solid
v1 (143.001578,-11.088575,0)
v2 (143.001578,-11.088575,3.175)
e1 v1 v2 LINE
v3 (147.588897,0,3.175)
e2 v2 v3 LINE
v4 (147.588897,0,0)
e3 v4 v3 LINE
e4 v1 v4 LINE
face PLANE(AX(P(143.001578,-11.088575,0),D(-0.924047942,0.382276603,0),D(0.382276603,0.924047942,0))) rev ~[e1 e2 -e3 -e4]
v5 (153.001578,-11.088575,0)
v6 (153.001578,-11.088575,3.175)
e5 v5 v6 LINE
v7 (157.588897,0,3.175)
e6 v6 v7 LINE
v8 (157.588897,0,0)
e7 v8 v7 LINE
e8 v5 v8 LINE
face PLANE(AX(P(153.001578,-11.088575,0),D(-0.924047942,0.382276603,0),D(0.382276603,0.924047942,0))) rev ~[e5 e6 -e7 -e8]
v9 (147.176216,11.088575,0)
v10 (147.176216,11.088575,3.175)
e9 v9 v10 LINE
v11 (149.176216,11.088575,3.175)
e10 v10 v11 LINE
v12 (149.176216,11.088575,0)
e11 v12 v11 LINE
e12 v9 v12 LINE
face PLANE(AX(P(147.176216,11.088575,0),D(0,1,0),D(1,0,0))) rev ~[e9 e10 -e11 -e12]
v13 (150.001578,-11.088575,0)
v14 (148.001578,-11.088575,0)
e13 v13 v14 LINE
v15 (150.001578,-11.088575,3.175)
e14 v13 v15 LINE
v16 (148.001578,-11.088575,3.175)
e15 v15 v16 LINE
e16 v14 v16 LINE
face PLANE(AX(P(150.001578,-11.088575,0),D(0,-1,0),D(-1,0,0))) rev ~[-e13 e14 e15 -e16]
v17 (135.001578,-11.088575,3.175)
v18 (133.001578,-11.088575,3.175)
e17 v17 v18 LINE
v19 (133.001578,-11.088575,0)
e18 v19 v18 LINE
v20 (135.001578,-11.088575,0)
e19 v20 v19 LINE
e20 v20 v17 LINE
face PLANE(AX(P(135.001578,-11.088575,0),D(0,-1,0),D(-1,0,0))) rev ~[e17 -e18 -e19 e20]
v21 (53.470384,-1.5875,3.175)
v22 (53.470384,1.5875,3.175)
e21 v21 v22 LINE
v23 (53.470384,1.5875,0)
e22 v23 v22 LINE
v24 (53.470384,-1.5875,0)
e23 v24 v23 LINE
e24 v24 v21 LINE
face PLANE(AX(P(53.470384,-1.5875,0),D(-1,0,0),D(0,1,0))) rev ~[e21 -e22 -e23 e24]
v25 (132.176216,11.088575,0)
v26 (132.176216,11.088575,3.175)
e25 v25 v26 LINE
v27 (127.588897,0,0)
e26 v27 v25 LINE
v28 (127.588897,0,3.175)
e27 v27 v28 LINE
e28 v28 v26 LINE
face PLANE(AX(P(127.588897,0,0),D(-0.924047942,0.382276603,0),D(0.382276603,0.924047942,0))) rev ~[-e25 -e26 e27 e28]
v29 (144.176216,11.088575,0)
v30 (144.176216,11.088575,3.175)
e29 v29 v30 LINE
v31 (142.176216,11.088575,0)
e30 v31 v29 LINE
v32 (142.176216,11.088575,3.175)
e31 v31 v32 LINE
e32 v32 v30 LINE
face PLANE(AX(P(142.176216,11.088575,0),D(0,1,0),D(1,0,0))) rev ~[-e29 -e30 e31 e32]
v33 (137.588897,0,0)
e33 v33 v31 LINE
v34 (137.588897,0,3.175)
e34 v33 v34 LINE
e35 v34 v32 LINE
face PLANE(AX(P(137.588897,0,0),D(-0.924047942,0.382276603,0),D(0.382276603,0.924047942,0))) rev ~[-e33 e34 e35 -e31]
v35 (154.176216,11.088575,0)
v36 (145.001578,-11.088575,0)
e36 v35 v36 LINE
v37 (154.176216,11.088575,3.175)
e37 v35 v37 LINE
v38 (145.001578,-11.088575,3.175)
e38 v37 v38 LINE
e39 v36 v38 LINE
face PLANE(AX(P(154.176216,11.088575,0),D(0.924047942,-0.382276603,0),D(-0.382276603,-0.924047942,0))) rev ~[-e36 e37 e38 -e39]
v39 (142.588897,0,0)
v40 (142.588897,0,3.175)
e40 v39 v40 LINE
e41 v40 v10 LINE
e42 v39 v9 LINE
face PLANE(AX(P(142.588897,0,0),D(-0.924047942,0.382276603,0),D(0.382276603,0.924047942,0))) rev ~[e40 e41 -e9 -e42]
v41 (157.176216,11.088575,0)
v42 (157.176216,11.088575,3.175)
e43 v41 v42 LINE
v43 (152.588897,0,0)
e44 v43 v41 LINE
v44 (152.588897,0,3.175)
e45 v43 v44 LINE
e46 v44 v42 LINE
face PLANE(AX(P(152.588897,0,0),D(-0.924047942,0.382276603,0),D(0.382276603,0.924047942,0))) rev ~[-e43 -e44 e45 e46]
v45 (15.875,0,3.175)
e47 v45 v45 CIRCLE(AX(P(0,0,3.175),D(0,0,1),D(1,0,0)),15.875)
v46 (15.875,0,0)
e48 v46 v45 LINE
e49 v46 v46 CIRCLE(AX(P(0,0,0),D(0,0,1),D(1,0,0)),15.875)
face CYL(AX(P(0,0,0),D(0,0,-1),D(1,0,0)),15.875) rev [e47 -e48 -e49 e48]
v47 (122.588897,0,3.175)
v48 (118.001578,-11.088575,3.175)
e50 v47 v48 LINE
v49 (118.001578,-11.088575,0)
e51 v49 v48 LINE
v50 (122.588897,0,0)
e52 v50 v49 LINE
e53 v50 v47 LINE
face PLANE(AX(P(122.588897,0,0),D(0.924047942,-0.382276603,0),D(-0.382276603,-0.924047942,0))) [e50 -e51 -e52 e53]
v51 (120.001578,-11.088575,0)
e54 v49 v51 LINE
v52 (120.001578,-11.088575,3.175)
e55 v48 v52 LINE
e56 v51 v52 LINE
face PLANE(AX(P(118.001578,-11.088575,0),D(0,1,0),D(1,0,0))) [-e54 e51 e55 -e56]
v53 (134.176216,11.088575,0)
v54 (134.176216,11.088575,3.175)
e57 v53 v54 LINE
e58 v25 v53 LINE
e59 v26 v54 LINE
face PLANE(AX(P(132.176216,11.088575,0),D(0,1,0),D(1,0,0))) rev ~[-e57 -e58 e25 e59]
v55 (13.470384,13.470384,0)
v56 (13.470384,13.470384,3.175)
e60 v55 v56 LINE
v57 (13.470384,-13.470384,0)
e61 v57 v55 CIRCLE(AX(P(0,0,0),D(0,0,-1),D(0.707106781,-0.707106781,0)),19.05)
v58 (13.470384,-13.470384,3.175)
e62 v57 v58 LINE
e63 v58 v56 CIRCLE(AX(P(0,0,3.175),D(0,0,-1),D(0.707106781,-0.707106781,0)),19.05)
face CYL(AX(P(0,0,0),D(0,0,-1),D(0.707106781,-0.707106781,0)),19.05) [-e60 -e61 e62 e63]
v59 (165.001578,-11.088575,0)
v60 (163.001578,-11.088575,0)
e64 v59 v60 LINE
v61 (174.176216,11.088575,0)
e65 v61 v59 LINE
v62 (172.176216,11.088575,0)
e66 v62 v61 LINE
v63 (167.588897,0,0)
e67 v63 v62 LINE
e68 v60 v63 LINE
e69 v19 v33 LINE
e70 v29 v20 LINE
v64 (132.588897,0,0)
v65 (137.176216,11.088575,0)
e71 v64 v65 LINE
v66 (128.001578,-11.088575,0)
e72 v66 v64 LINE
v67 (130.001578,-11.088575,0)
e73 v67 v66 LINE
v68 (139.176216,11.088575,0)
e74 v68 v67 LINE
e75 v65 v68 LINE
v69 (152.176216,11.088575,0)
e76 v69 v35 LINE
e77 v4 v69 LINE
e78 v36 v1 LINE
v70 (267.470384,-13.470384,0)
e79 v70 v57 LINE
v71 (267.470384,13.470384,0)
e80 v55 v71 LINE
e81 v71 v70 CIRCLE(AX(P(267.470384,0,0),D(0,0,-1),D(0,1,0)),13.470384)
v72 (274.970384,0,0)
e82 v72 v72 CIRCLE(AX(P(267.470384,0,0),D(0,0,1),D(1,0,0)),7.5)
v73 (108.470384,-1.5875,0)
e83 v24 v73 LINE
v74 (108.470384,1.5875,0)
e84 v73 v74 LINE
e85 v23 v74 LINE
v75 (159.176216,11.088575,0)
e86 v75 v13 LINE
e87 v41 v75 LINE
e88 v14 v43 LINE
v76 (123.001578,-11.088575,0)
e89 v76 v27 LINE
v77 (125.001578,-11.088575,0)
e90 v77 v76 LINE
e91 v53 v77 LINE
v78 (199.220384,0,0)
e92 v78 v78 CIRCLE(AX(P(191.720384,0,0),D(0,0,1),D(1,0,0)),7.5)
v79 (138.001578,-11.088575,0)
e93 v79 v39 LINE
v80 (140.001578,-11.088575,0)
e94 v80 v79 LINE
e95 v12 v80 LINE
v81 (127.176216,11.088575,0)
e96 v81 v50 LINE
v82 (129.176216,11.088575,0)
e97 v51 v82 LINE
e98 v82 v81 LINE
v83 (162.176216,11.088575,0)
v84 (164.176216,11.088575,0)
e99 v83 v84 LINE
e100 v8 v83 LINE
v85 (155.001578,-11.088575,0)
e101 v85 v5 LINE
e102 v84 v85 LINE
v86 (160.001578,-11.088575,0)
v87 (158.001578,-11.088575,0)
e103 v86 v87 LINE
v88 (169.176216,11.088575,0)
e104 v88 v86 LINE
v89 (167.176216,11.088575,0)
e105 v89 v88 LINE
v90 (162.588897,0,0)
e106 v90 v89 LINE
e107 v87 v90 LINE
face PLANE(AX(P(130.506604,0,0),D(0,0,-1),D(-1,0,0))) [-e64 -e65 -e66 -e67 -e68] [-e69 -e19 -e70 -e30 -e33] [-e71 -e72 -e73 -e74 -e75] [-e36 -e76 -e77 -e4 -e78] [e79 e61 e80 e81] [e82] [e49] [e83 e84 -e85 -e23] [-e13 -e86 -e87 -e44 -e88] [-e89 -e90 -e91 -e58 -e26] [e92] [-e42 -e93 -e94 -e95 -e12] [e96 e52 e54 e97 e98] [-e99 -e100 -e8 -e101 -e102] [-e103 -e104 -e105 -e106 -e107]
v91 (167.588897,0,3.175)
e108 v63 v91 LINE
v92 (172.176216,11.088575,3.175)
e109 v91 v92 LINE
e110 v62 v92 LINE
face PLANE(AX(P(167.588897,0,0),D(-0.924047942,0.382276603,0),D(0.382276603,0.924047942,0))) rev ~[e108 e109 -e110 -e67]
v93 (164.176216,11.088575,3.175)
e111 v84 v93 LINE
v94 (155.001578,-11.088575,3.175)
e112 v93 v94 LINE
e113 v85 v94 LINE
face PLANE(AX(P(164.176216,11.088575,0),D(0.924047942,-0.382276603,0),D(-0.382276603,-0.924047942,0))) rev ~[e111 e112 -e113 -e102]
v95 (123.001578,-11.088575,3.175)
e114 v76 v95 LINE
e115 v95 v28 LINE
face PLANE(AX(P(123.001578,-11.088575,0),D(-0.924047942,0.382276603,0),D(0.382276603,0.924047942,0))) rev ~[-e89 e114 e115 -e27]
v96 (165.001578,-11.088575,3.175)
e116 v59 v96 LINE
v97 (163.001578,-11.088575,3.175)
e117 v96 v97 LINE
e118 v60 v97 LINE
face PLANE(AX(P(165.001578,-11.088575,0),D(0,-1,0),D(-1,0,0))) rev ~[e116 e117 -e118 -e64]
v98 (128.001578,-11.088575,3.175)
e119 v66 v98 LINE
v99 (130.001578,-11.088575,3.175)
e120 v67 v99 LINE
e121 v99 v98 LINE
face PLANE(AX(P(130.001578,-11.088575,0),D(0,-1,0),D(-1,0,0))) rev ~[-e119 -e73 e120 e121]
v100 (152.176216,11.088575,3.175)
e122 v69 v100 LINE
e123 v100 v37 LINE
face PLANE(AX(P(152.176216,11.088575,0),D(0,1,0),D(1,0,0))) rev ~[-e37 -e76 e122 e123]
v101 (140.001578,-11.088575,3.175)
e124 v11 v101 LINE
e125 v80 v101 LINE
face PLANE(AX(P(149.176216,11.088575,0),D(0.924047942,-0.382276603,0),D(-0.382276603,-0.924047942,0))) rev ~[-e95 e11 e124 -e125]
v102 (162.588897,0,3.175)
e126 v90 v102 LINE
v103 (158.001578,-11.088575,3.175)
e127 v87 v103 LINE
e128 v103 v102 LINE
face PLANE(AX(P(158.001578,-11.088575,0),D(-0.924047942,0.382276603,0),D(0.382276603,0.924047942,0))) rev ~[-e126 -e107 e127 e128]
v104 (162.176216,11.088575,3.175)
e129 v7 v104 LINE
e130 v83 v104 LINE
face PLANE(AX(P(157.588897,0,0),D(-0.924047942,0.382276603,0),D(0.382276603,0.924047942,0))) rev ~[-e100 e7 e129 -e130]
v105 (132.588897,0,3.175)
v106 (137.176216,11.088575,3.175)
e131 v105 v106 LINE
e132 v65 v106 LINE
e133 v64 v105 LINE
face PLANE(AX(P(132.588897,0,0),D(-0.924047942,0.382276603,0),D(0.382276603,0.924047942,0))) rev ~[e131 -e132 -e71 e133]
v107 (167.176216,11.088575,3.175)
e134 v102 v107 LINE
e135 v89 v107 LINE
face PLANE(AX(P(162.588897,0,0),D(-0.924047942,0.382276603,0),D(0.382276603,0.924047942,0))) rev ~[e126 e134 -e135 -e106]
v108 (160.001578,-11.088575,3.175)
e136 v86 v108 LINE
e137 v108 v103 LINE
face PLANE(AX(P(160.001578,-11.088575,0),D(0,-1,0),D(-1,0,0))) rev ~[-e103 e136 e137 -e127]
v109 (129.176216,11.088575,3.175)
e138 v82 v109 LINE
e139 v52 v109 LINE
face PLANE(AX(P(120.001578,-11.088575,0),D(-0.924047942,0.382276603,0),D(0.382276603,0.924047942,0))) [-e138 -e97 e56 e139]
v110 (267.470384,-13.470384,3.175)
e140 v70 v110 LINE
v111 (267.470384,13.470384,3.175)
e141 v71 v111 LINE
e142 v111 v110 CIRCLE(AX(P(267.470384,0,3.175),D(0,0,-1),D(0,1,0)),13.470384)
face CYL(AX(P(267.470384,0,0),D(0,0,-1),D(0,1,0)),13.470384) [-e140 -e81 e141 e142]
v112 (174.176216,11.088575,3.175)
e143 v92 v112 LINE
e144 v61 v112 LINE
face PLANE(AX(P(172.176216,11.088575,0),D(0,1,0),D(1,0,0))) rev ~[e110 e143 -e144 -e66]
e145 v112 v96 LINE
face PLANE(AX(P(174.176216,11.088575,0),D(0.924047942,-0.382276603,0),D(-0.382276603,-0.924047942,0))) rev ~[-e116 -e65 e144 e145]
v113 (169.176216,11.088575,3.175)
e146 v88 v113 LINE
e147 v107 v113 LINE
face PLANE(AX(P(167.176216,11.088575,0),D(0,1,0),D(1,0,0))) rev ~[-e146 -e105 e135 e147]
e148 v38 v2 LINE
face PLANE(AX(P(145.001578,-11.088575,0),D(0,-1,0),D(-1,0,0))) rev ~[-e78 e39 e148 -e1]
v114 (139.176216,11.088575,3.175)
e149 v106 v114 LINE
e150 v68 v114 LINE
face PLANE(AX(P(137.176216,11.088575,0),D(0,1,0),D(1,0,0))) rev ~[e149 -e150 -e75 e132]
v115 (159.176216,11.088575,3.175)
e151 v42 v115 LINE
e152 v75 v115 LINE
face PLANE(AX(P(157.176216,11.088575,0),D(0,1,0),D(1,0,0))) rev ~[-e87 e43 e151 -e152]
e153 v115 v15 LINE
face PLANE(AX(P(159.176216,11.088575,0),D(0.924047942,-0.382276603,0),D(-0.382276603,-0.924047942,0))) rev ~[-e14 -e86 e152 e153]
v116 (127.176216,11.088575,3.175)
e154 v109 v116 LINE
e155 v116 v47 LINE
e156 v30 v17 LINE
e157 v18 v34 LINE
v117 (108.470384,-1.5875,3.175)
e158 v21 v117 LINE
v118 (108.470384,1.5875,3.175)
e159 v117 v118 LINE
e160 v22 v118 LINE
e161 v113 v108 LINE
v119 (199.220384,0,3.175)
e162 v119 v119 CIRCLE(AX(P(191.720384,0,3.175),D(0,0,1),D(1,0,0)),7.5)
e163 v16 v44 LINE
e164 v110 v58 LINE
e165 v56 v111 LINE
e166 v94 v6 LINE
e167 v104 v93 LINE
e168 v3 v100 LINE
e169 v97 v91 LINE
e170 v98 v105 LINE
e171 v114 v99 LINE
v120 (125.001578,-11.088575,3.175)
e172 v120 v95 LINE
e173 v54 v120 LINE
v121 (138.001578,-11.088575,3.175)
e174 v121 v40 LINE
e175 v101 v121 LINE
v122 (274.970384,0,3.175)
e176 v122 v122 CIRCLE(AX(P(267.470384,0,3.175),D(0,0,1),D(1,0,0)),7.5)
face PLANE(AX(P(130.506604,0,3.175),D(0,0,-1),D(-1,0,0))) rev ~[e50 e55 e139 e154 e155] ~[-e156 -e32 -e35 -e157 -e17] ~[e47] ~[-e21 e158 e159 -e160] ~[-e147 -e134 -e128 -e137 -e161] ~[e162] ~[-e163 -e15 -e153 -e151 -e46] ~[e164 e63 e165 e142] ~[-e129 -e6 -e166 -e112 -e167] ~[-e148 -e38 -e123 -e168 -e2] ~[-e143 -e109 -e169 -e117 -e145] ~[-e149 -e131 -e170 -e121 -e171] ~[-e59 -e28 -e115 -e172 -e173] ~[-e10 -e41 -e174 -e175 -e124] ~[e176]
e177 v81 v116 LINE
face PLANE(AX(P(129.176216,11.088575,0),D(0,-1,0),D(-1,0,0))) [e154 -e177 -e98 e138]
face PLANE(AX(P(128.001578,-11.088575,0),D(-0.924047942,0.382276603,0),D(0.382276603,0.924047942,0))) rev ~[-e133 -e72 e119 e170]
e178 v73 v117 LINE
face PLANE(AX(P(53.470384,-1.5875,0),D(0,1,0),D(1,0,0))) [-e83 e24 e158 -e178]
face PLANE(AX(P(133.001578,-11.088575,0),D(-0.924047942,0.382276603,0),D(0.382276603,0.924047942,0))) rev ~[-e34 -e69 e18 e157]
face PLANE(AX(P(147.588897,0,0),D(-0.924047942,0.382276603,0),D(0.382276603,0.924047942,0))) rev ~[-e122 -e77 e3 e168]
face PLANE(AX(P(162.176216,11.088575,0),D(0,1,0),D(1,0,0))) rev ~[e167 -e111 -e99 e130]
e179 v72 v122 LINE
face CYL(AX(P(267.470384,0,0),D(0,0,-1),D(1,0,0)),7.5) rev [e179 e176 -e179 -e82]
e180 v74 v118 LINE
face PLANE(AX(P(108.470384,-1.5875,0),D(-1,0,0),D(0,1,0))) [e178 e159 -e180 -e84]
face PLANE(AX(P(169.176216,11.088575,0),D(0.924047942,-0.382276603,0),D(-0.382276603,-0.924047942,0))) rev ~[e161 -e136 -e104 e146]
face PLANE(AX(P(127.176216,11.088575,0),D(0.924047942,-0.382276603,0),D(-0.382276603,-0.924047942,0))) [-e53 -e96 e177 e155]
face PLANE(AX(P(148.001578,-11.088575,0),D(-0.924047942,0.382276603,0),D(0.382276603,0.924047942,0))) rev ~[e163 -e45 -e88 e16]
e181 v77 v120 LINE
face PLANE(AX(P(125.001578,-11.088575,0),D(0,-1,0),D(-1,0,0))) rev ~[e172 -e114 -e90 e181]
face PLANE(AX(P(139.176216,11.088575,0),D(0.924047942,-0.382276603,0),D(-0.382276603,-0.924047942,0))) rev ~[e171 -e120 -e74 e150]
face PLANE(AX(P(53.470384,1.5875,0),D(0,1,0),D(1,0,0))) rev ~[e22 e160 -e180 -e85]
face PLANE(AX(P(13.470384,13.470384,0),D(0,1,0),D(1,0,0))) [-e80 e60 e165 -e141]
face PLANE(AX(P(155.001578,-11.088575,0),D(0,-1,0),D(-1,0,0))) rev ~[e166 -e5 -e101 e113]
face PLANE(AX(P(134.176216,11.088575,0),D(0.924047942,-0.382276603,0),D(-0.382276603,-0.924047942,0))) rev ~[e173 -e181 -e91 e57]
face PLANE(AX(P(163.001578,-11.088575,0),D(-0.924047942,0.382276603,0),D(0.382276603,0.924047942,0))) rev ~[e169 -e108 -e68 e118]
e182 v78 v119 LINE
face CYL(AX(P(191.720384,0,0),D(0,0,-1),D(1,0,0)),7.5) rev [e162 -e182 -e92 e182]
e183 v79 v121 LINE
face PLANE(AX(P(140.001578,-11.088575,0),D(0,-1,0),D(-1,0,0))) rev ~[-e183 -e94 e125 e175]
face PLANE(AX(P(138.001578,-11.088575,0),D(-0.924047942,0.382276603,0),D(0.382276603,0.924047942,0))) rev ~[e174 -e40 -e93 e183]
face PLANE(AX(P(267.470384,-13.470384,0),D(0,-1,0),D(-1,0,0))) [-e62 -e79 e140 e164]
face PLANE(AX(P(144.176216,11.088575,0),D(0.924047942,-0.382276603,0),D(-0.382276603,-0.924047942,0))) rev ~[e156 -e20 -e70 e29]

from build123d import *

# Parameters (mm, degrees)
SKETCH1_R           = 15.875
SKETCH1_R_2         = 7.5
SKETCH1_W           = 55
SKETCH1_H           = 3.175
BOSS_EXTRUDE1_DEPTH = 3.175


with BuildPart() as part:
    # Sketch1 → Boss-Extrude1 (new body)
    with BuildSketch(Plane.XY):
        with BuildLine():
            Line((13.470384182, 13.470384182), (267.470384182, 13.470384182))
            ThreePointArc((267.470384182, 13.470384182), (280.940768363, 0), (267.470384182, -13.470384182))
            Line((267.470384182, -13.470384182), (13.470384182, -13.470384182))
            ThreePointArc((13.470384182, -13.470384182), (-19.05, 0), (13.470384182, 13.470384182))
        make_face()
        Circle(SKETCH1_R, mode=Mode.SUBTRACT)
        with Locations((267.470384182, 0)):
            Circle(SKETCH1_R_2, mode=Mode.SUBTRACT)
        with Locations((191.720384182, 0)):
            Circle(SKETCH1_R_2, mode=Mode.SUBTRACT)
        Polygon((122.588897068, 0), (118.001577828, -11.0885753), (120.001577828, -11.0885753), (129.176216309, 11.0885753), (127.176216309, 11.0885753), align=None, mode=Mode.SUBTRACT)
        with Locations((80.970384182, 0)):
            Rectangle(SKETCH1_W, SKETCH1_H, mode=Mode.SUBTRACT)
        Polygon((134.176216309, 11.0885753), (125.001577828, -11.0885753), (123.001577828, -11.0885753), (127.588897068, 0), (132.176216309, 11.0885753), align=None, mode=Mode.SUBTRACT)
        Polygon((139.176216309, 11.0885753), (130.001577828, -11.0885753), (128.001577828, -11.0885753), (132.588897068, 0), (137.176216309, 11.0885753), align=None, mode=Mode.SUBTRACT)
        Polygon((144.176216309, 11.0885753), (135.001577828, -11.0885753), (133.001577828, -11.0885753), (137.588897068, 0), (142.176216309, 11.0885753), align=None, mode=Mode.SUBTRACT)
        Polygon((149.176216309, 11.0885753), (140.001577828, -11.0885753), (138.001577828, -11.0885753), (142.588897068, 0), (147.176216309, 11.0885753), align=None, mode=Mode.SUBTRACT)
        Polygon((154.176216309, 11.0885753), (145.001577828, -11.0885753), (143.001577828, -11.0885753), (147.588897068, 0), (152.176216309, 11.0885753), align=None, mode=Mode.SUBTRACT)
        Polygon((159.176216309, 11.0885753), (150.001577828, -11.0885753), (148.001577828, -11.0885753), (152.588897068, 0), (157.176216309, 11.0885753), align=None, mode=Mode.SUBTRACT)
        Polygon((164.176216309, 11.0885753), (155.001577828, -11.0885753), (153.001577828, -11.0885753), (157.588897068, 0), (162.176216309, 11.0885753), align=None, mode=Mode.SUBTRACT)
        Polygon((169.176216309, 11.0885753), (160.001577828, -11.0885753), (158.001577828, -11.0885753), (162.588897068, 0), (167.176216309, 11.0885753), align=None, mode=Mode.SUBTRACT)
        Polygon((174.176216309, 11.0885753), (165.001577828, -11.0885753), (163.001577828, -11.0885753), (167.588897068, 0), (172.176216309, 11.0885753), align=None, mode=Mode.SUBTRACT)
    extrude(amount=BOSS_EXTRUDE1_DEPTH)


solid = part.part
